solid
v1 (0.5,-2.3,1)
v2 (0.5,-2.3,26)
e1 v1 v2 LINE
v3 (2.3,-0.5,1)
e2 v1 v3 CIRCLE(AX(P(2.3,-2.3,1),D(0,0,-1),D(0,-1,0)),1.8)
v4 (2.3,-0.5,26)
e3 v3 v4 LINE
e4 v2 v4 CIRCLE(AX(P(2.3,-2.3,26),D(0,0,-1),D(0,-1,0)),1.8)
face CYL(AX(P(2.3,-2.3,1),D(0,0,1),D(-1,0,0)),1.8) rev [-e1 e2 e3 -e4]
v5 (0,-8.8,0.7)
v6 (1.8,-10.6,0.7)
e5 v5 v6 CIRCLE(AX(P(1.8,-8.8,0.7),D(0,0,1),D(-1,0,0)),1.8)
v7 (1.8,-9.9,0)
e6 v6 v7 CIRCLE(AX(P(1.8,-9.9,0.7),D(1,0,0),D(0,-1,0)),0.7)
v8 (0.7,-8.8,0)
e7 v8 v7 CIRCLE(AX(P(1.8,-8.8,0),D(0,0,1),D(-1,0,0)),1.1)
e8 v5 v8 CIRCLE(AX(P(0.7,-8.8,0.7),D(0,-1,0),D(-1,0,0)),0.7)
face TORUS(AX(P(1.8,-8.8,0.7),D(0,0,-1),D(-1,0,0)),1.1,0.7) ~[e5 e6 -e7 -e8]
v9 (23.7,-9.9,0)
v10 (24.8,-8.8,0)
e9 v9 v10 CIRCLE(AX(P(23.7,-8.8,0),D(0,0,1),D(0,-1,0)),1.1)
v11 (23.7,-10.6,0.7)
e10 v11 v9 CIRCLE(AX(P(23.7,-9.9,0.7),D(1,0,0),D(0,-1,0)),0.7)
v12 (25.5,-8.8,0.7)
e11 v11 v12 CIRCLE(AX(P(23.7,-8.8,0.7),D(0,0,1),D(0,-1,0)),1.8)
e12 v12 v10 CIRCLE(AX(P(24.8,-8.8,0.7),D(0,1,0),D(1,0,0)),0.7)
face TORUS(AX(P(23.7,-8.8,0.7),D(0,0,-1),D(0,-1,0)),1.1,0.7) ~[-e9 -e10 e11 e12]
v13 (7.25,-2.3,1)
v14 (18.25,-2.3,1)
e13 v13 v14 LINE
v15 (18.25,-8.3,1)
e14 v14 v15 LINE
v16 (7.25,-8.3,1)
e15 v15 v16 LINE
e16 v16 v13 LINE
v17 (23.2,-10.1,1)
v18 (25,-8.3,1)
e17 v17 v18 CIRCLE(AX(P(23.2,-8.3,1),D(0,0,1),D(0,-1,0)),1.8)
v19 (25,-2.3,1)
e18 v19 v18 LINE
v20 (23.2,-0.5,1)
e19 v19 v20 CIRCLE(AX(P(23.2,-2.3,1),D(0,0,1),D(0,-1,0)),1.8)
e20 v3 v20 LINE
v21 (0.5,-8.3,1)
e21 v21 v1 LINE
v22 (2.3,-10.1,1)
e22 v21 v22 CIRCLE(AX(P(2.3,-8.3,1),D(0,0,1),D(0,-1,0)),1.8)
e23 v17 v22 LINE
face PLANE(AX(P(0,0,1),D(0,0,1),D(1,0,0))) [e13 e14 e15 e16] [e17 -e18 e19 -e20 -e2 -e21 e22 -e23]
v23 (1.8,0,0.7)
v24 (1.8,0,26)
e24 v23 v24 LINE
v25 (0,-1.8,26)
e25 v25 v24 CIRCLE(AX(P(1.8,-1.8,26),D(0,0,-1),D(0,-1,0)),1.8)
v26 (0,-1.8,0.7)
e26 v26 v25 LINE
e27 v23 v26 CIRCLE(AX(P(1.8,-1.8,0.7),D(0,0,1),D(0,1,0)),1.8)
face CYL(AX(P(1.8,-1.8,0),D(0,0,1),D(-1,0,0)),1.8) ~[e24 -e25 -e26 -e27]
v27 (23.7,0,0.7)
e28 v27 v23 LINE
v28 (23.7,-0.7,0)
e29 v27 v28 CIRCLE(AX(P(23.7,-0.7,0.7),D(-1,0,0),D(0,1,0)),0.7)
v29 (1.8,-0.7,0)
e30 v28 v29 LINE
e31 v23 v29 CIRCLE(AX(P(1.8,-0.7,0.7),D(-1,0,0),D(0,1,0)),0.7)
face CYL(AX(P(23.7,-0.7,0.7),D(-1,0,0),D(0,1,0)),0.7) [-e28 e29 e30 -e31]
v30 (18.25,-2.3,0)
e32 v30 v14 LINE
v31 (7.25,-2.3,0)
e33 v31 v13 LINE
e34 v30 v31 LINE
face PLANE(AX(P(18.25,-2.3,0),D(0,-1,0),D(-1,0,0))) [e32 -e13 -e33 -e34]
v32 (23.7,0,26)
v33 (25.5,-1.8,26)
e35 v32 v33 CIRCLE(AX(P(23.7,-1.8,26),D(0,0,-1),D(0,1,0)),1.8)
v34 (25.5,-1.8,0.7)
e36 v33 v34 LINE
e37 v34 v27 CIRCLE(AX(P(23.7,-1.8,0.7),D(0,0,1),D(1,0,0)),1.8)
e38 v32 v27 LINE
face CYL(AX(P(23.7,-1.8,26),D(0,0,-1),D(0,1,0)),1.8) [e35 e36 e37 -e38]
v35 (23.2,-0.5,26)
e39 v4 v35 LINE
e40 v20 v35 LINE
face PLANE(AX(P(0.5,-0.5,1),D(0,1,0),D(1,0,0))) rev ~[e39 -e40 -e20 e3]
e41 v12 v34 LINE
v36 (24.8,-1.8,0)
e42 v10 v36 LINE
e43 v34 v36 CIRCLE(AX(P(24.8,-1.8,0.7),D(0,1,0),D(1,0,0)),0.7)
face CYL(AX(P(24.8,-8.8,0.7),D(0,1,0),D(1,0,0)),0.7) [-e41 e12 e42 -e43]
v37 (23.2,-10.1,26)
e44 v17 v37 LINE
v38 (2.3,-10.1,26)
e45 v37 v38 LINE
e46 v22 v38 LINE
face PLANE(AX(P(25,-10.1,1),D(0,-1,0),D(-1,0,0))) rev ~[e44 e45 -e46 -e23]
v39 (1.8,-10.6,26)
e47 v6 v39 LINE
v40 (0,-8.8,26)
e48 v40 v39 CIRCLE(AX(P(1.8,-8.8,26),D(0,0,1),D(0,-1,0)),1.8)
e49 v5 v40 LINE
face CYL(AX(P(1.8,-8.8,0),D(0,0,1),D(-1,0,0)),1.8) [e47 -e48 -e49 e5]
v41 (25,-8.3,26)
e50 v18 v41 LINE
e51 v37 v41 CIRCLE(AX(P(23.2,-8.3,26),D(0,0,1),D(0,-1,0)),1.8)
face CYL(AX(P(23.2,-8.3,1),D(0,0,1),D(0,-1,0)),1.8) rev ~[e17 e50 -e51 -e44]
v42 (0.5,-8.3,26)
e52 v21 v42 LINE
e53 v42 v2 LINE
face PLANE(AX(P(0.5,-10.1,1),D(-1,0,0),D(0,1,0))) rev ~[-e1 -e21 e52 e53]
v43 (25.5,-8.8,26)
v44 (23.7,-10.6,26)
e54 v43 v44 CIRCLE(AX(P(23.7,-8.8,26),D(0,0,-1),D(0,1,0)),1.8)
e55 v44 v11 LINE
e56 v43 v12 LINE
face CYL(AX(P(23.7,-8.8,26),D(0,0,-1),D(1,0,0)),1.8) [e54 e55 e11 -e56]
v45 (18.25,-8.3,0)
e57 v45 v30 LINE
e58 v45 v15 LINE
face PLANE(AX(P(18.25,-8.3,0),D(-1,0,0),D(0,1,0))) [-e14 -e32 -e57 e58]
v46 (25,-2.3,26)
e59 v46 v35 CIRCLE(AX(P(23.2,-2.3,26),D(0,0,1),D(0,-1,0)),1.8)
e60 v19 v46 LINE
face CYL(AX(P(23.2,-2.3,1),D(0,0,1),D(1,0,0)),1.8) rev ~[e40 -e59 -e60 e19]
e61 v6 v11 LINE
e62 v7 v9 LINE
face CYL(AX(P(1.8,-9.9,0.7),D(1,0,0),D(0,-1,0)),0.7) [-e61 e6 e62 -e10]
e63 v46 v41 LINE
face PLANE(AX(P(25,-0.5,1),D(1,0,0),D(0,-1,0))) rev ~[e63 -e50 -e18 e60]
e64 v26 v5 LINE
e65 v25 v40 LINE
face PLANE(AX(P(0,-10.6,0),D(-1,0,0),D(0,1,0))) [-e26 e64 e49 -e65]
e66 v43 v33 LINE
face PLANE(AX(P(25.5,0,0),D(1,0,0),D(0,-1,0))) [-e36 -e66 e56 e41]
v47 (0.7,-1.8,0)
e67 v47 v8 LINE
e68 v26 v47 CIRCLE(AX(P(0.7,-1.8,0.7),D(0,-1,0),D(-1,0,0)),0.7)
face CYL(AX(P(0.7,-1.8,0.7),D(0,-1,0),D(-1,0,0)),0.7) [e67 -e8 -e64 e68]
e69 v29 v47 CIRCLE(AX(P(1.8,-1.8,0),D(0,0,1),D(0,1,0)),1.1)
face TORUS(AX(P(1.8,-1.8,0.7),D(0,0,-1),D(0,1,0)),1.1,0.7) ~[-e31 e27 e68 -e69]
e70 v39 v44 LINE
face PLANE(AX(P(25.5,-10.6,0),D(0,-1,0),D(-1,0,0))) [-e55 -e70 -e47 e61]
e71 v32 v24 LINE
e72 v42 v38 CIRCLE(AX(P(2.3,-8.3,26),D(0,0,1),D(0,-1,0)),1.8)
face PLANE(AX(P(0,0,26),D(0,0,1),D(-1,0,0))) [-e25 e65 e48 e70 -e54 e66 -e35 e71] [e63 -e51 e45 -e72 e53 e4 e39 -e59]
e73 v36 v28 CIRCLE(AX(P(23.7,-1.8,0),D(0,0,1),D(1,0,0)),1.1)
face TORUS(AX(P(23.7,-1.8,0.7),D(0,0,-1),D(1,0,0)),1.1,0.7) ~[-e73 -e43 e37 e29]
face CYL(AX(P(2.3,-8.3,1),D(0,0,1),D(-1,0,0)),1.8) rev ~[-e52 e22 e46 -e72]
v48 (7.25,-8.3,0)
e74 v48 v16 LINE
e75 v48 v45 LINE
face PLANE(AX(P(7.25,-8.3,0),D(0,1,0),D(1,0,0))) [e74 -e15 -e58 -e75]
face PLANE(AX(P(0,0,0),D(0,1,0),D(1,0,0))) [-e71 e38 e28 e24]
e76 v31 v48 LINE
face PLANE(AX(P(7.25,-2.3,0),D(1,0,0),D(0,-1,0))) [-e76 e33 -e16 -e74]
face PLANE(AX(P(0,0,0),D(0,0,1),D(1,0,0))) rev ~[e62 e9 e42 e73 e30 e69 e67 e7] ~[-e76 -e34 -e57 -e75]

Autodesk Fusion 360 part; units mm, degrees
sketch "Sketch1" plane through (0, 0, 0) normal (0, 0, 1) x (1, 0, 0)
  line L0 (0, 0) -> (25.5, 0)
  line L1 (25.5, 0) -> (25.5, -10.6)
  line L2 (25.5, -10.6) -> (0, -10.6)
  line L3 (0, -10.6) -> (0, 0)
  dimension "d1" = 10.6
  dimension "d2" = 25.5
extrude "Extrude1" add sketch "Sketch1" along normal blind 1
sketch "Sketch2" plane through (0, 0, 1) normal (0, 0, 1) x (-1, 0, 0)
  line L0 (0, 10.6) -> (-25.5, 10.6)
  line L1 (-25.5, 10.6) -> (-25.5, 0)
  line L2 (-25.5, 0) -> (0, 0)
  line L3 (0, 0) -> (0, 10.6)
  line L4 (-0.5, 0.5) -> (-25, 0.5)
  line L5 (-25, 0.5) -> (-25, 10.1)
  line L6 (-25, 10.1) -> (-0.5, 10.1)
  line L7 (-0.5, 10.1) -> (-0.5, 0.5)
  line L8 (-25.5, 10.6) -> (0, 10.6)
  dimension "d5" = 0.5
  dimension "d6" = 0.5
  dimension "d26" = 0.5
  dimension "d27" = 0.5
extrude "Extrude2" add sketch "Sketch2" along normal blind 25
sketch "Sketch3" plane through (0, 0, 0) normal (0, 0, -1) x (1, 0, 0)
  line L0 (25.5, 10.6) -> (0, 10.6)
  line L1 (0, 10.6) -> (0, 0)
  line L2 (0, 0) -> (25.5, 0)
  line L3 (25.5, 0) -> (25.5, 10.6)
  line L4 (7.25, 8.3) -> (18.25, 8.3)
  line L5 (18.25, 8.3) -> (18.25, 2.3)
  line L6 (18.25, 2.3) -> (7.25, 2.3)
  line L7 (7.25, 2.3) -> (7.25, 8.3)
  dimension "d12" = 11
  dimension "d13" = 6
  dimension "d14" = 2.3
  dimension "d15" = 7.25
  dimension "d28" = 25.5
  dimension "d29" = 10.6
extrude "Extrude3" cut sketch "Sketch3" against normal blind 11 contours L4 L5 L6 L7
fillet "Fillet1" radius 1.8 4 edges at (25, -10.1, 13.5) (0.5, -0.5, 13.5) (0.5, -10.1, 13.5) (25, -0.5, 13.5)
fillet "Fillet2" radius 1.8 4 edges at (0, -10.6, 13) (25.5, -10.6, 13) (25.5, 0, 13) (0, 0, 13)
fillet "Fillet3" radius 0.7 8 edges at (0.5272, -10.0728, 0) (0, -5.3, 0) (0.5272, -0.5272, 0) (12.75, 0, 0) (24.9728, -0.5272, 0) (25.5, -5.3, 0) (24.9728, -10.0728, 0) (12.75, -10.6, 0)
equation "d14 = ( d29 - d13 ) / 2"
equation "d15 = ( d28 - d12 ) / 2"
